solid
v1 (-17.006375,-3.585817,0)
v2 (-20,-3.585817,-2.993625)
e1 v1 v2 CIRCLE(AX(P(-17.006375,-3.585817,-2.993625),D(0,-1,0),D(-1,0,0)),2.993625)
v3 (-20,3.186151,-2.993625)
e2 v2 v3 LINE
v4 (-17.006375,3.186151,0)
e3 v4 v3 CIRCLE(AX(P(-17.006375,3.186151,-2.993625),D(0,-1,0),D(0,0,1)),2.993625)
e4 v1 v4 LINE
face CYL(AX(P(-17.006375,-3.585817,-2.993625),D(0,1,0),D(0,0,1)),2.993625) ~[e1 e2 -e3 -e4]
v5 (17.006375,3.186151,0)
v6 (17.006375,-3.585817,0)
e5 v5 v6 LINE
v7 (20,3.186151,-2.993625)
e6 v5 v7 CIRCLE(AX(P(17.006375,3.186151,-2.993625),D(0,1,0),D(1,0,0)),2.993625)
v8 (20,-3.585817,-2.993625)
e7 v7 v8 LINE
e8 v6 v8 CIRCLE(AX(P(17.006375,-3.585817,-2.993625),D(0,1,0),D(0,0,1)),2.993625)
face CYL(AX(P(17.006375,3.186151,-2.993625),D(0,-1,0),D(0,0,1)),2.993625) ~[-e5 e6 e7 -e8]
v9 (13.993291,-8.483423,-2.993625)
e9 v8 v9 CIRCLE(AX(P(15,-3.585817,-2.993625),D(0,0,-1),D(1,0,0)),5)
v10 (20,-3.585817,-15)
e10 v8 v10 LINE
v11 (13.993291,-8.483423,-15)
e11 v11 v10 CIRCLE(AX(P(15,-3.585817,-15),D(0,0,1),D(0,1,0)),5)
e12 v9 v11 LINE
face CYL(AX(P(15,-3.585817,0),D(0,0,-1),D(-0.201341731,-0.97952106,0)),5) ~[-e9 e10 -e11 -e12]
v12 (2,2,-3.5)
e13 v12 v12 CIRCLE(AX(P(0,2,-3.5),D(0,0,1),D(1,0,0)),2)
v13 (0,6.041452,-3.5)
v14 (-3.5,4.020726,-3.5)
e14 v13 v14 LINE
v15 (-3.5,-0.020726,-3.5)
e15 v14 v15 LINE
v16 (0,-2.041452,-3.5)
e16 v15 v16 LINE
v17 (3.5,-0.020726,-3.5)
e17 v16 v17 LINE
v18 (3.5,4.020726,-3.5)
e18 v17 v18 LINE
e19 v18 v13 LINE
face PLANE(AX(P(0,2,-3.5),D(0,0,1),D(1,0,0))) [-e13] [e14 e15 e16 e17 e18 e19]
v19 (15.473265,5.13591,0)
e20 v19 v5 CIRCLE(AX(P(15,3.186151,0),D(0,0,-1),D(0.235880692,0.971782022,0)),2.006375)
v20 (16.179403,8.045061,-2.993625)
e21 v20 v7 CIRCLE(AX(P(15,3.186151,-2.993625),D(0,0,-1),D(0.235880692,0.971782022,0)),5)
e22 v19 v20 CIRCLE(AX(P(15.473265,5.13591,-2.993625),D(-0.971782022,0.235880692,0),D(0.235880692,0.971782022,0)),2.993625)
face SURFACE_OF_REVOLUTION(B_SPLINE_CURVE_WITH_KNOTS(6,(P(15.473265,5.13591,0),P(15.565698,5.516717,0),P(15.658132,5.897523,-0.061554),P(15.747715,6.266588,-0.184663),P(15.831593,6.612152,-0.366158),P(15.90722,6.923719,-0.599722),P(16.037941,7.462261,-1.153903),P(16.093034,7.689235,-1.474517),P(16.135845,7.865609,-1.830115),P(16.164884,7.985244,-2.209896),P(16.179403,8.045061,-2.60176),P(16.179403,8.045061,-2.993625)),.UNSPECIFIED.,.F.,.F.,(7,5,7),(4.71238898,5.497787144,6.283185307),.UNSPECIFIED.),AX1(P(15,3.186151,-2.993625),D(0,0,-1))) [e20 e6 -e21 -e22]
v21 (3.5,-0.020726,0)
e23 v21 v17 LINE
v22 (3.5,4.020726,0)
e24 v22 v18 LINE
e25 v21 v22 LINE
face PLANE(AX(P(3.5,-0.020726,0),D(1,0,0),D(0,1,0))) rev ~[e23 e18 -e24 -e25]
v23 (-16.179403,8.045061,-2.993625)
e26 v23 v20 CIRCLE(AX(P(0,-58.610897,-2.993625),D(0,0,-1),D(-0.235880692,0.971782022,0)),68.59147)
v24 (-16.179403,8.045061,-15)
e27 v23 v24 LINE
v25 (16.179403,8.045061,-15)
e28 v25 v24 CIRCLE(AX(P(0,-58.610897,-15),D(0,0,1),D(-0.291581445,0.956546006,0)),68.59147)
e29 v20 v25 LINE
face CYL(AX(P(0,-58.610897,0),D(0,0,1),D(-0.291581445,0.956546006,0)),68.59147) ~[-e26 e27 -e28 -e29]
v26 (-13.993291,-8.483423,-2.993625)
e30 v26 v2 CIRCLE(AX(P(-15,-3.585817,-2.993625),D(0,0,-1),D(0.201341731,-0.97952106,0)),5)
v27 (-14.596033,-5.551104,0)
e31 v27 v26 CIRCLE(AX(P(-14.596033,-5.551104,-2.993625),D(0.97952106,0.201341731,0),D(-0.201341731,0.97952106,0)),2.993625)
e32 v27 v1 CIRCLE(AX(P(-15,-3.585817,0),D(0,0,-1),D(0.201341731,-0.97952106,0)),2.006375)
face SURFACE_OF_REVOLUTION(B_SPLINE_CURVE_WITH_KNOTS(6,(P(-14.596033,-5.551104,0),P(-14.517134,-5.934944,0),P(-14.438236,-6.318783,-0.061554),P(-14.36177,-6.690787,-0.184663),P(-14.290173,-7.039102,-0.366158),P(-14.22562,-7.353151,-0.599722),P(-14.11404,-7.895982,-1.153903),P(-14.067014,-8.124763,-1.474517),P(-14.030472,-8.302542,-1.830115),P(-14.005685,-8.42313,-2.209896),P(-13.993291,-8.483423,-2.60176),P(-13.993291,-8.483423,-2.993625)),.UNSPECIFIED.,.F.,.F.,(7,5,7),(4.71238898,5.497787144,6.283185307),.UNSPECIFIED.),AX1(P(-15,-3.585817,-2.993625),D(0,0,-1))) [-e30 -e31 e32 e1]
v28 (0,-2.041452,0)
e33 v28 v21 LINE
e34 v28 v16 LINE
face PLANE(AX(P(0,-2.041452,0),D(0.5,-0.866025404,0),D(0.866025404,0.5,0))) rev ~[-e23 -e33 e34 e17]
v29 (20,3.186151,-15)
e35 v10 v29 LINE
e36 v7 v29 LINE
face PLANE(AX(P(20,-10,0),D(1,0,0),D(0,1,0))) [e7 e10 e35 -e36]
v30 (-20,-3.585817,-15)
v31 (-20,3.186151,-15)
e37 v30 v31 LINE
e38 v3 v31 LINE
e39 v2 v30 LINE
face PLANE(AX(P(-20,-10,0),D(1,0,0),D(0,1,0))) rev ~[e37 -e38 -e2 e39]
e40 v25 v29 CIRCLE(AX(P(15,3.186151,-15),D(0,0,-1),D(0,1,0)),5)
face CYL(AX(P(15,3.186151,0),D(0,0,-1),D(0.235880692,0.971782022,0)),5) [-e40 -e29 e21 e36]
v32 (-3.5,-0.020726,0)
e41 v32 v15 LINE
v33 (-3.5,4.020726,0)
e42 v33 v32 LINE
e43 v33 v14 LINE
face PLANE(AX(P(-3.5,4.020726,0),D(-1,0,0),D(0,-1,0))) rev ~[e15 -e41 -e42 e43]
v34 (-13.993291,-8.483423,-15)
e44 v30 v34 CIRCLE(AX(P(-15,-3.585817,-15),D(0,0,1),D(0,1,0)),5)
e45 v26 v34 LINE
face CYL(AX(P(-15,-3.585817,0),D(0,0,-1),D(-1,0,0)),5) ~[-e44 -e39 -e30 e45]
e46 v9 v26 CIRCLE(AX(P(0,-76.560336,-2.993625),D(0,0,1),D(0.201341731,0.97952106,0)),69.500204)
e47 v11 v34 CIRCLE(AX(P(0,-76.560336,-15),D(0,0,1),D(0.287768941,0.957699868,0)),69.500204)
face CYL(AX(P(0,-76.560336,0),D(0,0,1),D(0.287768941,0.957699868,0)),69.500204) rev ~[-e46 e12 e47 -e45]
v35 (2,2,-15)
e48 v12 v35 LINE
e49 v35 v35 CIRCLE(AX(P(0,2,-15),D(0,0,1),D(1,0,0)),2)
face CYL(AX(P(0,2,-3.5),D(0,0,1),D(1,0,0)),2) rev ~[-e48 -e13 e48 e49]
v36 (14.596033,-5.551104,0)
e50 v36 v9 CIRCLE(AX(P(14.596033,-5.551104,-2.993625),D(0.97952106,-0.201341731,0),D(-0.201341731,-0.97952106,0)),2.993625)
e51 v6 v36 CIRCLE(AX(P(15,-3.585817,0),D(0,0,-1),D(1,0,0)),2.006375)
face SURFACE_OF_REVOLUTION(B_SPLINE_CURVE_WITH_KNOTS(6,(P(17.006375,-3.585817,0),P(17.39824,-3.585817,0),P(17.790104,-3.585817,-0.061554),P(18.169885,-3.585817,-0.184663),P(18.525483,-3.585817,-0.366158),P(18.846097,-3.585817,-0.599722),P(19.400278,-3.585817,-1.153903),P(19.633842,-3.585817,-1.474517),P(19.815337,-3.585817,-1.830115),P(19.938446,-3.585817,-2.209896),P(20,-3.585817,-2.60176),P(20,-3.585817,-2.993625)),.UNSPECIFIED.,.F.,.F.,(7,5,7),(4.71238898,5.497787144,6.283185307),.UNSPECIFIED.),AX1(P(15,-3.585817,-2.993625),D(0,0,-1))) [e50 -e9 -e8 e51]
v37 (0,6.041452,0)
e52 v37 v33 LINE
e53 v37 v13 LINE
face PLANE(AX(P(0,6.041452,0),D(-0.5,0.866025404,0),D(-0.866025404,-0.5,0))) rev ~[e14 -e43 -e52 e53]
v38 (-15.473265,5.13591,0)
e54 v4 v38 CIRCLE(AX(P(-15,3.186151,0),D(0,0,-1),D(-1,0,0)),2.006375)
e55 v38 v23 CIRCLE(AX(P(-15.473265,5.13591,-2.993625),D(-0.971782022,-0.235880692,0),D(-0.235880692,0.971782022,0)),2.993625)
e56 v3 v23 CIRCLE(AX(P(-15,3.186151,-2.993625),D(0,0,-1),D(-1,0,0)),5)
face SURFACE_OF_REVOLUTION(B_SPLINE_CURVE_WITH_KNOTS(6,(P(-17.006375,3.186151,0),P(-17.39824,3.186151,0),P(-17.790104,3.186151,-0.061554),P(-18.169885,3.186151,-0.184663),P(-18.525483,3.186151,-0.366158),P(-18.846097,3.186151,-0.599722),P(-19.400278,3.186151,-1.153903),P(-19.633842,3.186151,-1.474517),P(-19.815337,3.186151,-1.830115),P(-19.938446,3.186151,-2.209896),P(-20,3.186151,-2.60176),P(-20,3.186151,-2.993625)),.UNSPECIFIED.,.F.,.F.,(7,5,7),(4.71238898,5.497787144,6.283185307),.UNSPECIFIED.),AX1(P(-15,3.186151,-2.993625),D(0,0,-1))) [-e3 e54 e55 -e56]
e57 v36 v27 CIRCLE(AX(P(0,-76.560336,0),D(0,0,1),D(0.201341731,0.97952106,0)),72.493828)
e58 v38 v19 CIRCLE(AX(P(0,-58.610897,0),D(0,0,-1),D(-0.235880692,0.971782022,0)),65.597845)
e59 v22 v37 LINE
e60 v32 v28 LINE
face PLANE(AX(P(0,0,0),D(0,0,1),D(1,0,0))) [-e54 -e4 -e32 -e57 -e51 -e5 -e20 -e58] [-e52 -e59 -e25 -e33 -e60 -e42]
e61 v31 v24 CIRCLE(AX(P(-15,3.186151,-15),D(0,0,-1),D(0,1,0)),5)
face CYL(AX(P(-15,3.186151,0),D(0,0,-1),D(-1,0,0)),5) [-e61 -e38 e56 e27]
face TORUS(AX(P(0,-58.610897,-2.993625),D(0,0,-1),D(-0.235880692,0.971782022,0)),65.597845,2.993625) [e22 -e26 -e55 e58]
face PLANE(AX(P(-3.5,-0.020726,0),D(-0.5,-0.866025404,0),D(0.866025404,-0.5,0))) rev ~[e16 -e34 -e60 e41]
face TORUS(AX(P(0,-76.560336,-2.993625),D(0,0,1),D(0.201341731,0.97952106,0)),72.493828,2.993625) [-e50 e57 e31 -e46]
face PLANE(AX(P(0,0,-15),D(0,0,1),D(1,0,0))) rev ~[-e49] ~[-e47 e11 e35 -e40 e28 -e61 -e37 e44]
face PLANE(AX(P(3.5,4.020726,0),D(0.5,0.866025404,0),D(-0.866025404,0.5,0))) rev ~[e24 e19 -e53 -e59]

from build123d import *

# Parameters (mm, degrees)
F0_W     = 40
F0_H     = 20
F1_DEPTH = 15
F3_DEPTH = 3.5
F5_DEPTH = 15.001
F6_R     = 2
F7_DEPTH = 11.501
F8_R     = 5
F9_R     = 2.9936248173


with BuildPart() as f1:
    # F0 (on Top) → F1 (new body)
    with BuildSketch(Plane.XY):
        Rectangle(F0_W, F0_H)
    extrude(amount=-F1_DEPTH)

    # F2 (on face) → F3 (cut)
    with BuildSketch(Plane.XY):
        Polygon((3.5, -0.0207259422), (3.5, 4.0207259422), (0, 6.0414518843), (-3.5, 4.0207259422), (-3.5, -0.0207259422), (0, -2.0414518843), align=None)
    extrude(amount=-F3_DEPTH, mode=Mode.SUBTRACT)

    # F4 (on face) → F5 (cut, through all)
    with BuildSketch(Plane.XY):
        with BuildLine():
            ThreePointArc((-20, 7), (0, 9.9805733622), (20, 7))
            Line((20, 7), (20, 10))
            Line((20, 10), (-20, 10))
            Line((-20, 10), (-20, 7))
        make_face()
        with BuildLine():
            Line((-20, -10), (20, -10))
            ThreePointArc((20, -10), (0, -7.0601321922), (-20, -10))
        make_face()
    extrude(amount=-F5_DEPTH, mode=Mode.SUBTRACT)

    # F6 (on face) → F7 (cut, through all)
    with BuildSketch(Plane.XY.offset(-3.5)):
        with Locations((0, 2)):
            Circle(F6_R)
    extrude(amount=-F7_DEPTH, mode=Mode.SUBTRACT)

    # F8
    f8_edges = [f1.edges().sort_by_distance(p)[0] for p in [
        (-20, 7, -7.5),
        (20, 7, -7.5),
        (-20, -10, -7.5),
        (20, -10, -7.5),
    ]]
    fillet(f8_edges, radius=F8_R)

    # F9
    f9_edges = [f1.edges().sort_by_distance(p)[0] for p in [
        (0, 9.980573, 0),
        (-20, -0.199833, 0),
        (20, -0.199833, 0),
        (0, -7.060132, 0),
    ]]
    fillet(f9_edges, radius=F9_R)


solid = f1.part
